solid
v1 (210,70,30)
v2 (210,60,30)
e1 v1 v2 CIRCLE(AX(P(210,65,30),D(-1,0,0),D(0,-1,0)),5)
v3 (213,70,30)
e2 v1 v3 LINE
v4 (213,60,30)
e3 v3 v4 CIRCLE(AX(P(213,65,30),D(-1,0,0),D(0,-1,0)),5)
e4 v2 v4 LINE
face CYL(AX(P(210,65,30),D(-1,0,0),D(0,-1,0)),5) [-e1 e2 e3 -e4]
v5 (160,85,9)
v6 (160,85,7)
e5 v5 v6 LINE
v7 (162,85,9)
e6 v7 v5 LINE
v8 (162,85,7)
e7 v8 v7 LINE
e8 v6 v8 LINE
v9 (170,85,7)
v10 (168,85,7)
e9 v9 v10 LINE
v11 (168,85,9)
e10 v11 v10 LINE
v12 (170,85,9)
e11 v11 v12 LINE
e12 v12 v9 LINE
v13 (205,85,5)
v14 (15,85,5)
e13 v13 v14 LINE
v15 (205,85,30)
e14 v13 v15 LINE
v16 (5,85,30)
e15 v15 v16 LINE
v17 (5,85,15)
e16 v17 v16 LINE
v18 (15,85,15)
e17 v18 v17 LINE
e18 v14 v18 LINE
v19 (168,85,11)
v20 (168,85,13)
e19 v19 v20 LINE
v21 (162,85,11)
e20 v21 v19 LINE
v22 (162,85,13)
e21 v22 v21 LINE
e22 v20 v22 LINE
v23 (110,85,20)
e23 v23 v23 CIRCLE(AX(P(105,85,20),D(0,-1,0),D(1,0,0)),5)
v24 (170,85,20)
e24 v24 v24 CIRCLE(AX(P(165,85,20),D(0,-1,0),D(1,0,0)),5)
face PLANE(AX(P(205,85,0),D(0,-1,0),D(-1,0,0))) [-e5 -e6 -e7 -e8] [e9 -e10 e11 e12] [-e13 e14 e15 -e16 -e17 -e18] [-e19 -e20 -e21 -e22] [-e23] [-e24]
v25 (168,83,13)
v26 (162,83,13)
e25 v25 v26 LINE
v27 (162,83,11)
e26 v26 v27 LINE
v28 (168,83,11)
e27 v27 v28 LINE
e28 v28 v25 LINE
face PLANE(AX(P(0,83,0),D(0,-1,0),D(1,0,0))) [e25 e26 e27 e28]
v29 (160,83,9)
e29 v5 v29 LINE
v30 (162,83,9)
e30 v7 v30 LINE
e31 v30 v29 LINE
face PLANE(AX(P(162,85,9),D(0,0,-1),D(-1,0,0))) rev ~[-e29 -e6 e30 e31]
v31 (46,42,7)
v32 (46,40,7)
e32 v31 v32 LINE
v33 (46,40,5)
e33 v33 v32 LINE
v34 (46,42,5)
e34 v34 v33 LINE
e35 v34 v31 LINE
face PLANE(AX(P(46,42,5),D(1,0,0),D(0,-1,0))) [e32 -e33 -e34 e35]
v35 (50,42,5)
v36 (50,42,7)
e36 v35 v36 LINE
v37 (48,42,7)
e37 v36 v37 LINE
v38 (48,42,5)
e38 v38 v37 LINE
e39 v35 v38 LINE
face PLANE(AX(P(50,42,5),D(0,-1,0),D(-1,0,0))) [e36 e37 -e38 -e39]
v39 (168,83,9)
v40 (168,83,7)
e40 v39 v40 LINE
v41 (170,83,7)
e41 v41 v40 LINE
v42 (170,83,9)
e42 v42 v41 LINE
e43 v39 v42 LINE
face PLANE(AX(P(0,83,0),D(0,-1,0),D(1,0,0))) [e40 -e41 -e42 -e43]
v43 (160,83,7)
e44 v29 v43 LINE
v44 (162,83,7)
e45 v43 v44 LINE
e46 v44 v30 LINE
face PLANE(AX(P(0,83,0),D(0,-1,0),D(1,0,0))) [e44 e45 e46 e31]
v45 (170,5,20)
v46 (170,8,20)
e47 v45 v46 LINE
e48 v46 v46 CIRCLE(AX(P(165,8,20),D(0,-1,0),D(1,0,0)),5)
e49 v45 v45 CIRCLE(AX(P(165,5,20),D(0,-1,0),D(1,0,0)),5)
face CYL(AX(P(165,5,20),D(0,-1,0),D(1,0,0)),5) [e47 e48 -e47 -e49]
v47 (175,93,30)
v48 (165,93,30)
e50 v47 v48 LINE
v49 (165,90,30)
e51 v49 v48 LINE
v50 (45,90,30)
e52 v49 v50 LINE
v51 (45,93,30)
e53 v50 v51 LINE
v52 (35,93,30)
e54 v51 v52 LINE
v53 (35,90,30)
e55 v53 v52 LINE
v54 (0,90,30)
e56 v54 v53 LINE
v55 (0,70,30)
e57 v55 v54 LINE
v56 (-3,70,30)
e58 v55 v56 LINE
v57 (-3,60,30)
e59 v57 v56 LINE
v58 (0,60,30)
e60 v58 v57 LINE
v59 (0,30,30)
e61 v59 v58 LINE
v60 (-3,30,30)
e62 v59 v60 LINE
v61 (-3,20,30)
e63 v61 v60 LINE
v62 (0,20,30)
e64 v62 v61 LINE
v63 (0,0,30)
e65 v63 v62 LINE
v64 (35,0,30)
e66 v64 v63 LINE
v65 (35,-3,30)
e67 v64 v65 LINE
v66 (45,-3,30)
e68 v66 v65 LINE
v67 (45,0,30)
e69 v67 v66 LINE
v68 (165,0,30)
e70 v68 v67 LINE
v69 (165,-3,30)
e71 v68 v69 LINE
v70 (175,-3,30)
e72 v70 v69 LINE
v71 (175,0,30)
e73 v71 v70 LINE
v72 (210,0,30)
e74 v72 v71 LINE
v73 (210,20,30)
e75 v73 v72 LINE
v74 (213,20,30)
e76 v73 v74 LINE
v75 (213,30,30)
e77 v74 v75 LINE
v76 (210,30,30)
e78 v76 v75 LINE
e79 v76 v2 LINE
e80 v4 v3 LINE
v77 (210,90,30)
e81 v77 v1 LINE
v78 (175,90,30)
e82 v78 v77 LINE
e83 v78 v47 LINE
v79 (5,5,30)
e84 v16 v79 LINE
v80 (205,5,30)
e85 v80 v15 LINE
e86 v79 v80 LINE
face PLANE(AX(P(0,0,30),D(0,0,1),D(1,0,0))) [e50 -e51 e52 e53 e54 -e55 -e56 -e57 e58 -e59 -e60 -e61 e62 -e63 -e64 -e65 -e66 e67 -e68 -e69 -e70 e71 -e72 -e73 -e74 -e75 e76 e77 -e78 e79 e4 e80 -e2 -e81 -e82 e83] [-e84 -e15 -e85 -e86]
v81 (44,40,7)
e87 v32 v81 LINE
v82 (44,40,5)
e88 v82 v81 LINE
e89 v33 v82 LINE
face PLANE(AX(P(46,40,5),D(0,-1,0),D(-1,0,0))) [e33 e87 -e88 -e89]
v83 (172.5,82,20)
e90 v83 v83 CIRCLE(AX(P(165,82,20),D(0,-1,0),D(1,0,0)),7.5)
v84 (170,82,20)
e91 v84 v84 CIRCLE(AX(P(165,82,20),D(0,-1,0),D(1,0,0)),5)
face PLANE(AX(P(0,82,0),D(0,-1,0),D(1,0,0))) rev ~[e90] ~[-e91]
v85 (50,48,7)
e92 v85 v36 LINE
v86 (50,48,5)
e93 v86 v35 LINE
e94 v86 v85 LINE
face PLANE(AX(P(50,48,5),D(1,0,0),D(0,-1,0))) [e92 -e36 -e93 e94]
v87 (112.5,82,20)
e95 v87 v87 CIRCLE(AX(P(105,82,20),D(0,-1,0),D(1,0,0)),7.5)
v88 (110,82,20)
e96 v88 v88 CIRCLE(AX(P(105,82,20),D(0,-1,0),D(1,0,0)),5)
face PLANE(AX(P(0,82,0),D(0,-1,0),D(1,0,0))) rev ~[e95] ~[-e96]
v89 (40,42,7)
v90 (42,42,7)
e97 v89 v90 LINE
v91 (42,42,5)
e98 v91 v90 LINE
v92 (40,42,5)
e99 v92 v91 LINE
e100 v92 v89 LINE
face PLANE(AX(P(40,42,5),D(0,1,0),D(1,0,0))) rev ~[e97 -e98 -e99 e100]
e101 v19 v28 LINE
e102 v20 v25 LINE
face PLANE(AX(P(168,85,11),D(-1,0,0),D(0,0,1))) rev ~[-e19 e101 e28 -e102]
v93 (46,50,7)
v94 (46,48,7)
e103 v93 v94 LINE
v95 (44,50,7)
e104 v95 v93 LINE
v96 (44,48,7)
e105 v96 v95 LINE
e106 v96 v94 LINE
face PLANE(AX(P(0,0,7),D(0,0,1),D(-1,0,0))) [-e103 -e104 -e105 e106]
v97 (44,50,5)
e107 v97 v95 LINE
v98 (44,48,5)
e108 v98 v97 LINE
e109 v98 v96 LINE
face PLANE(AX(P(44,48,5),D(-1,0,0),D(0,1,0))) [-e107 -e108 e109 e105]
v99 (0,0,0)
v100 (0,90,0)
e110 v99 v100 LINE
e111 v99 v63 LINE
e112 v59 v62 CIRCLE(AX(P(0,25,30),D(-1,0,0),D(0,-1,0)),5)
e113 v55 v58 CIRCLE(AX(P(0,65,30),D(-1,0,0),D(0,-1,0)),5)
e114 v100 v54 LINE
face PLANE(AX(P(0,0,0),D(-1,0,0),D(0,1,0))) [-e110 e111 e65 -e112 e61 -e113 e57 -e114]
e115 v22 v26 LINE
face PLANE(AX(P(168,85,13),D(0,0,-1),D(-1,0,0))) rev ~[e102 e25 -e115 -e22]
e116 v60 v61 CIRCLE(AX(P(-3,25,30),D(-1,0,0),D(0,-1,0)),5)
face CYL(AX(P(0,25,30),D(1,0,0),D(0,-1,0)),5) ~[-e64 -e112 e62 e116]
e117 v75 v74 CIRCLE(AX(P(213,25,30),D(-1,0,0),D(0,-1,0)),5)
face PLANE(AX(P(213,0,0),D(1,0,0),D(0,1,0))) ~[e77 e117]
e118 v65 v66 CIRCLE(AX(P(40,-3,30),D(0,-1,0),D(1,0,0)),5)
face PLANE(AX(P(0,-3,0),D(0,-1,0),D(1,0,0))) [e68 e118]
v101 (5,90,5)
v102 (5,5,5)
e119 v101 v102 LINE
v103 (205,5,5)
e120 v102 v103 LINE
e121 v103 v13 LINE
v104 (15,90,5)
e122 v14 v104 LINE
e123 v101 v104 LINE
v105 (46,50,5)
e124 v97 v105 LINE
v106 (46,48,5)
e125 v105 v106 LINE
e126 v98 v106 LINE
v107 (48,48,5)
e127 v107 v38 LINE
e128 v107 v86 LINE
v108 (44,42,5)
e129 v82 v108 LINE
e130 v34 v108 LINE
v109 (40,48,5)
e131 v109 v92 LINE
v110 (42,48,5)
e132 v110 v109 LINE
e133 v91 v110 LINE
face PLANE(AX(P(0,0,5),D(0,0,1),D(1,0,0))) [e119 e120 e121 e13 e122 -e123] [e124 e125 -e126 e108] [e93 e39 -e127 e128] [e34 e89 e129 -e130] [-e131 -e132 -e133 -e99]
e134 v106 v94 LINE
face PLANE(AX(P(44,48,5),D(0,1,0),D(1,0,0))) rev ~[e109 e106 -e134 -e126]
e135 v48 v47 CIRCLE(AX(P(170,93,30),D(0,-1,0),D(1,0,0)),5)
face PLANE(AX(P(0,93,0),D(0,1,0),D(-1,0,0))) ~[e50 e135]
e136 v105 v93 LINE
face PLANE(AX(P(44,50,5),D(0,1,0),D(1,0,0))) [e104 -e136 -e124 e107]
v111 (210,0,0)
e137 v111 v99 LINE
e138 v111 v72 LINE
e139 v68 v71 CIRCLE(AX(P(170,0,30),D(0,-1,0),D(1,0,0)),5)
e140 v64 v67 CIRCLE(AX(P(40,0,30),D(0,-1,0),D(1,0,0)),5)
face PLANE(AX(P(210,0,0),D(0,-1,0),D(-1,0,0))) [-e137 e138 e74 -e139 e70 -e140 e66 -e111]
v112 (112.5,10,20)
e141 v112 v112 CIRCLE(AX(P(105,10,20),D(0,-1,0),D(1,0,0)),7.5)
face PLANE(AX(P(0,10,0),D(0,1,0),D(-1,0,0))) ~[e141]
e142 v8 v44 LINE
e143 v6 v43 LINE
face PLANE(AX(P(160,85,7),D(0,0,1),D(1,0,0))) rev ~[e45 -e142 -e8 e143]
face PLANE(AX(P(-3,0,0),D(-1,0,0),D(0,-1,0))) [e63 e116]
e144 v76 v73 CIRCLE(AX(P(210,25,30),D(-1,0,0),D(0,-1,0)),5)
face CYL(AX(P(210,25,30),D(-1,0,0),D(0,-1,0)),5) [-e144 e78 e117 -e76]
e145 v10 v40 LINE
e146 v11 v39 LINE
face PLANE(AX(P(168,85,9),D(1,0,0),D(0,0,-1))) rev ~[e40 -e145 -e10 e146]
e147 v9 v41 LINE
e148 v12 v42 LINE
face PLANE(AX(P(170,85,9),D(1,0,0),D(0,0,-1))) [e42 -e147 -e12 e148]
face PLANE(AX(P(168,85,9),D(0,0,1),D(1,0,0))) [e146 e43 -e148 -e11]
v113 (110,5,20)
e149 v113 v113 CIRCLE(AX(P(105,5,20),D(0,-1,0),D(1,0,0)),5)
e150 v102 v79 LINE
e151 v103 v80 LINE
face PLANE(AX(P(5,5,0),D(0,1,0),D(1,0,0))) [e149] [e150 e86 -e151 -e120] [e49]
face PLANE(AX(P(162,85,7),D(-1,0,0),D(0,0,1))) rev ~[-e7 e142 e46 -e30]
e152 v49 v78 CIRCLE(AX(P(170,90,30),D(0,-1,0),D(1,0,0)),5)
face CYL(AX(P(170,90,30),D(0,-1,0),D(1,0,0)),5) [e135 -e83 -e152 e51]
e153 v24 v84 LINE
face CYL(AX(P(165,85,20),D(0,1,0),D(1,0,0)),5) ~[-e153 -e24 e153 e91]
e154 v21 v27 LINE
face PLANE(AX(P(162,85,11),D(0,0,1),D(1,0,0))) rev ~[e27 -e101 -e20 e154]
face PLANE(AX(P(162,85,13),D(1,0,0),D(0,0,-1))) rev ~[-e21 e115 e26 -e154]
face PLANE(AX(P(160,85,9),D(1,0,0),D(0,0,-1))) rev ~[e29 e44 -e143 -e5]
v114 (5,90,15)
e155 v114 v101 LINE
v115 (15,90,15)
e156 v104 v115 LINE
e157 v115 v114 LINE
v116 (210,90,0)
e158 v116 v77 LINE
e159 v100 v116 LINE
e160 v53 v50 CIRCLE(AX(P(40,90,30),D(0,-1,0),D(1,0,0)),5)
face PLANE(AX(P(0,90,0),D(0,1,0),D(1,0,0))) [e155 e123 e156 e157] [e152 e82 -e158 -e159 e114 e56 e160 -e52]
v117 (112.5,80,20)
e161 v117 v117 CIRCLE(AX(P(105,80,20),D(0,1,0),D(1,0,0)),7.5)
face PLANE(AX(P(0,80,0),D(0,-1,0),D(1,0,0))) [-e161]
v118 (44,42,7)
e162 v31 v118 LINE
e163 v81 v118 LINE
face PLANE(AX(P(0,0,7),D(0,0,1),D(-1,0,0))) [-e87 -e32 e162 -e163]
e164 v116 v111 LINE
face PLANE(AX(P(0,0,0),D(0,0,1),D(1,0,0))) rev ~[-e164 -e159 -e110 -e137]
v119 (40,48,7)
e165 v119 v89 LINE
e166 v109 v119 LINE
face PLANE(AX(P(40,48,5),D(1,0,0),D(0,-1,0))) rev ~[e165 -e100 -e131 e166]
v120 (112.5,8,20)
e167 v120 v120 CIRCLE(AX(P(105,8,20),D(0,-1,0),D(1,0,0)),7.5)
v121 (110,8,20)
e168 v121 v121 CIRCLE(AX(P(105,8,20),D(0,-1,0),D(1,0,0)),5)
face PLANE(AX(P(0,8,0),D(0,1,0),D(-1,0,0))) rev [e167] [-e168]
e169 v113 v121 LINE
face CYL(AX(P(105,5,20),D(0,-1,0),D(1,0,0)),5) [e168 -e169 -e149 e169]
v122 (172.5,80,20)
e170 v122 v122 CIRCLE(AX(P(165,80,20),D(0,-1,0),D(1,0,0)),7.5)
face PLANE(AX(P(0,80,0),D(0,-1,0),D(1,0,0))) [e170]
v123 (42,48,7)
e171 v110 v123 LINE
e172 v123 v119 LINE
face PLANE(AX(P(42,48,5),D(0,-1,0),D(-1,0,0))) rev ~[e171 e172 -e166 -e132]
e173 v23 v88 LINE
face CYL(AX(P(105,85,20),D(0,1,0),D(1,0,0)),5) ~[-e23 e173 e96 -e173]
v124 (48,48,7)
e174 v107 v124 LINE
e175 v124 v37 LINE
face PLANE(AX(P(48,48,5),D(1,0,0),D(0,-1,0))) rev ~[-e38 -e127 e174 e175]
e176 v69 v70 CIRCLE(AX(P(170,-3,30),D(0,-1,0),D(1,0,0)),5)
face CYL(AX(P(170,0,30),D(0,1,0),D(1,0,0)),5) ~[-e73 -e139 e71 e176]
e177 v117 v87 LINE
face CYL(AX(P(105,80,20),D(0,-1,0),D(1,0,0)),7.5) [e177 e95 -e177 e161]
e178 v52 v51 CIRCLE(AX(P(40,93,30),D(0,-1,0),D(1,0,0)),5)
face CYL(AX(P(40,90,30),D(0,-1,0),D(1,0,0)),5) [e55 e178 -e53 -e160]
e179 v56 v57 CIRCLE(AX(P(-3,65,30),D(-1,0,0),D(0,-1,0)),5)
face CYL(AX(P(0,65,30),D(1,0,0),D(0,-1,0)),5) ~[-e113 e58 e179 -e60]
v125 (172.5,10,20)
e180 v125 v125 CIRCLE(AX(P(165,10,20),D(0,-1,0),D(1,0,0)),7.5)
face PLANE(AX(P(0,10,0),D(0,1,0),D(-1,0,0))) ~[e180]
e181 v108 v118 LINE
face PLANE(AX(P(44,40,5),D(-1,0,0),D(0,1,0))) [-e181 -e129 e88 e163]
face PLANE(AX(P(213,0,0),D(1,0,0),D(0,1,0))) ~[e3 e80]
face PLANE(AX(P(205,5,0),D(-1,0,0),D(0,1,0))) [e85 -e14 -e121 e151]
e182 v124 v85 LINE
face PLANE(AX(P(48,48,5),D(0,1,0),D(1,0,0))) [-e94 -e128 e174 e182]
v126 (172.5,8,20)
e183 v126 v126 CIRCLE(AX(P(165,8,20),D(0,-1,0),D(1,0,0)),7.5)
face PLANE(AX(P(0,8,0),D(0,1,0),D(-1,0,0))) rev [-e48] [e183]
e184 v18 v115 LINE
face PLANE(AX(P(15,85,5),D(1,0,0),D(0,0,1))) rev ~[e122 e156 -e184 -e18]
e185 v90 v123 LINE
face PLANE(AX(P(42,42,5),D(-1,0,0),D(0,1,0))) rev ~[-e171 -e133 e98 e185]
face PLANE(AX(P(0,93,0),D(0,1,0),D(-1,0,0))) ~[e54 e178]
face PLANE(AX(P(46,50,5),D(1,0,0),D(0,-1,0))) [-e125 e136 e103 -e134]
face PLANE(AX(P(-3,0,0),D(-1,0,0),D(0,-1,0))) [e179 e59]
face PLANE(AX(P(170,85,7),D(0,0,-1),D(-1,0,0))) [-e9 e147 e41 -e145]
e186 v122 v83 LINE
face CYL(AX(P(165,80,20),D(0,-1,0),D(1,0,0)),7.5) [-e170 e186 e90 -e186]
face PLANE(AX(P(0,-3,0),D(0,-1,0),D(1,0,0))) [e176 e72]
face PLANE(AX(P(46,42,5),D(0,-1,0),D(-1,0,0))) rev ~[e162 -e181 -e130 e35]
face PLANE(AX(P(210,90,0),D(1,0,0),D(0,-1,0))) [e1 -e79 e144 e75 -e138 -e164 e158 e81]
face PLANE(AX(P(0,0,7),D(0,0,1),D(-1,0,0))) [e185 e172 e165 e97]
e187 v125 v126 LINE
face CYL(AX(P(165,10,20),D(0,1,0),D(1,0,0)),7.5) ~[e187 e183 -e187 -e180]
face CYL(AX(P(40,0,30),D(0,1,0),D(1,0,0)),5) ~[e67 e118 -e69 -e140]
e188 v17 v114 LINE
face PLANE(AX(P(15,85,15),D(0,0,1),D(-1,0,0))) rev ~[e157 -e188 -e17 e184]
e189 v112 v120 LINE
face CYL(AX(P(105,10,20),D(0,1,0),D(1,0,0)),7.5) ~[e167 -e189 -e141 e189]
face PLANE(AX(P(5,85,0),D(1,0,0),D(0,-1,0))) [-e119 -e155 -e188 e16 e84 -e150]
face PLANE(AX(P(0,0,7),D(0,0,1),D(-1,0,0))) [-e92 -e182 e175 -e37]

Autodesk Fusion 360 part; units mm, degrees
sketch "Sketch1" plane through (0, 0, 0) normal (0, 0, 1) x (1, 0, 0)
  line L0 (0, 90) -> (210, 90)
  line L1 (210, 90) -> (210, 0)
  line L2 (210, 0) -> (0, 0)
  line L3 (0, 0) -> (0, 90)
  line L4 (5, 5) -> (205, 5)
  line L5 (205, 5) -> (205, 85)
  line L6 (205, 85) -> (5, 85)
  line L7 (5, 85) -> (5, 5)
  dimension "d1" = 210
  dimension "d2" = 90
  dimension "d3" = 200
  dimension "d4" = 80
  dimension "d5" = 5
  dimension "d6" = 5
extrude "Extrude1" add sketch "Sketch1" along normal blind 5 contours L4 L5 L6 L7
extrude "Extrude2" add sketch "Sketch1" along normal blind 30
sketch "Sketch3" plane through (0, 85, 0) normal (0, -1, 0) x (1, 0, 0)
  line L0 (5, 5) -> (205, 5)
  line L1 (205, 5) -> (205, 30)
  line L2 (205, 30) -> (5, 30)
  line L3 (5, 30) -> (5, 5)
  circle A0 centre (105, 20) radius 5
  line L4 (210, 0) -> (210, 30)
  circle A1 centre (165, 20) radius 5
  dimension "d15" = 10
  dimension "d16" = 10
  dimension "d17" = 105
  dimension "d80" = 10
  dimension "d81" = 60
extrude "Extrude3" add sketch "Sketch3" along normal blind 5 contours A0
sketch "Sketch4" plane through (0, 80, 0) normal (0, -1, 0) x (1, 0, 0)
  circle A0 centre (105, 20) radius 5
  circle A1 centre (105, 20) radius 7.5
  dimension "d20" = 15
extrude "Extrude4" add sketch "Sketch4" against normal blind 2
sketch "Sketch6" plane through (0, 85, 0) normal (0, -1, 0) x (1, 0, 0)
  circle A0 centre (105, 20) radius 5
  line L0 (5, 5) -> (205, 5)
  line L1 (205, 5) -> (205, 30)
  line L2 (205, 30) -> (5, 30)
  line L3 (5, 30) -> (5, 5)
  line L4 (162, 11) -> (168, 11)
  line L5 (168, 11) -> (168, 5)
  line L6 (168, 5) -> (162, 5)
  line L7 (162, 5) -> (162, 11)
  line L8 (5, 5) -> (205, 5)
  line L9 (210, 0) -> (210, 30)
  line L10 (162, 11) -> (168, 11)
  line L11 (168, 11) -> (168, 13)
  line L12 (168, 13) -> (162, 13)
  line L13 (162, 13) -> (162, 11)
  line L14 (168, 9) -> (170, 9)
  line L15 (170, 9) -> (170, 7)
  line L16 (170, 7) -> (168, 7)
  line L17 (168, 7) -> (168, 9)
  line L18 (162, 9) -> (160, 9)
  line L19 (160, 9) -> (160, 7)
  line L20 (160, 7) -> (162, 7)
  line L21 (162, 7) -> (162, 9)
  dimension "d91" = 6
  dimension "d92" = 6
  dimension "d93" = 42
  dimension "d94" = 2
  dimension "d95" = 2
  dimension "d96" = 2
  dimension "d97" = 2
  dimension "d98" = 2
  dimension "d99" = 2
  dimension "d100" = 2
sketch "Sketch7" plane through (0, 0, 0) normal (-1, 0, 0) x (0, -1, 0)
  line L0 (-90, 0) -> (0, 0)
  line L1 (0, 0) -> (0, 30)
  line L2 (0, 30) -> (-90, 30)
  line L3 (-90, 30) -> (-90, 0)
  circle A0 centre (-25, 30) radius 5
  line L4 (-30, 30) -> (-20, 30)
  circle A1 centre (-65, 30) radius 5
  line L5 (-70, 30) -> (-60, 30)
  dimension "d31" = 10
  dimension "d32" = 10
  dimension "d47" = 25
  dimension "d48" = 25
extrude "Extrude5" add sketch "Sketch7" along normal blind 3 contours L2 A1 L5 | L2 A0 L4 picked at (-66.5016, 29.2769) picked at (-23.5675, 28.3215)
ref_plane "WorkPlane1" through (0, 45, 0) normal (0, 1, 0) x (0, 0, 1)
mirror "Mirror1" about plane through (0, 45, 0) normal (0, 1, 0) of bodies 1 merged
ref_plane "WorkPlane2" through (105, 45, 15) normal (-1, 0, 0) x (0, -1, 0)
mirror "Mirror2" about plane through (105, 45, 15) normal (-1, 0, 0) of bodies 1 merged
sketch "Sketch8" plane through (0, 0, 0) normal (0, -1, 0) x (1, 0, 0)
  line L0 (0, 0) -> (210, 0)
  line L1 (210, 0) -> (210, 30)
  line L2 (210, 30) -> (0, 30)
  line L3 (0, 30) -> (0, 0)
  circle A0 centre (40, 30) radius 5
  circle A1 centre (170, 30) radius 5
  line L4 (35, 30) -> (45, 30)
  line L5 (165, 30) -> (175, 30)
  dimension "d39" = 10
  dimension "d40" = 10
  dimension "d41" = 40
  dimension "d42" = 40
extrude "Extrude6" add sketch "Sketch8" along normal blind 3 contours L2 A0 L4 | L2 A1 L5 picked at (38.7453, 27.2668) picked at (169.3911, 27.9517)
mirror "Mirror3" about plane through (0, 45, 0) normal (0, 1, 0) of bodies 1 merged
sketch "Sketch9" plane through (105, 85, 17.5) normal (0, -1, 0) x (1, 0, 0)
  line L0 (-100, -12.5) -> (-90, -12.5)
  line L1 (-90, -12.5) -> (-90, -2.5)
  line L2 (-90, -2.5) -> (-100, -2.5)
  line L3 (-100, -2.5) -> (-100, -12.5)
  line L4 (105, -17.5) -> (-105, -17.5)
  point P0 (-105, -17.5)
  dimension "d49" = 10
  dimension "d50" = 10
  dimension "d51" = 5
  dimension "d52" = 5
sketch "Sketch10" plane through (0, 0, 5) normal (0, 0, 1) x (-1, 0, 0)
  line L0 (-5, -85) -> (-5, -5)
  line L1 (-5, -5) -> (-205, -5)
  line L2 (-205, -5) -> (-205, -85)
  line L3 (-205, -85) -> (-5, -85)
  circle A0 centre (-45, -45) radius 20
  circle A1 centre (-105, -45) radius 20
  circle A2 centre (-165, -45) radius 20
  line L4 (-210, -90) -> (-210, 0)
  line L5 (-210, 0) -> (0, 0)
  line L6 (-42, -48) -> (-48, -48)
  line L7 (-48, -48) -> (-48, -42)
  line L8 (-48, -42) -> (-42, -42)
  line L9 (-42, -42) -> (-42, -48)
  line L10 (-48, -48) -> (-50, -48)
  line L11 (-50, -48) -> (-50, -42)
  line L12 (-50, -42) -> (-48, -42)
  line L13 (-48, -42) -> (-48, -48)
  line L14 (-42, -48) -> (-40, -48)
  line L15 (-40, -48) -> (-40, -42)
  line L16 (-40, -42) -> (-42, -42)
  line L17 (-42, -42) -> (-42, -48)
  line L18 (-44, -50) -> (-46, -50)
  line L19 (-46, -50) -> (-46, -48)
  line L20 (-46, -48) -> (-44, -48)
  line L21 (-44, -48) -> (-44, -50)
  line L22 (-44, -42) -> (-46, -42)
  line L23 (-46, -42) -> (-46, -40)
  line L24 (-46, -40) -> (-44, -40)
  line L25 (-44, -40) -> (-44, -42)
  dimension "d55" = 40
  dimension "d56" = 40
  dimension "d57" = 40
  dimension "d58" = 105
  dimension "d59" = 60
  dimension "d60" = 60
  dimension "d61" = 45
  dimension "d62" = 45
  dimension "d63" = 45
  dimension "d64" = 6
  dimension "d65" = 6
  dimension "d66" = 3
  dimension "d67" = 3
  dimension "d68" = 2
  dimension "d69" = 2
  dimension "d70" = 2
  dimension "d71" = 2
  dimension "d72" = 2
  dimension "d73" = 2
  dimension "d74" = 2
  dimension "d75" = 2
  dimension "d76" = 6
extrude "Extrude8" add sketch "Sketch10" along normal blind 2 contours L9 L14 L15 L16 L17 | L6 L18 L19 L20 L21 | L8 L22 L23 L24 L25 | L7 L10 L11 L12 L13
extrude "Extrude9" add sketch "Sketch3" along normal blind 5 contours A1
sketch "Sketch11" plane through (0, 80, 0) normal (0, -1, 0) x (1, 0, 0)
  circle A0 centre (165, 20) radius 5
  circle A1 centre (165, 20) radius 7.5
  dimension "d84" = 15
extrude "Extrude10" add sketch "Sketch11" against normal blind 2
mirror "Mirror4" about plane through (0, 45, 0) normal (0, 1, 0) of bodies 1 merged
extrude "Extrude11" cut sketch "Sketch9" against normal blind 5
extrude "Extrude12" add sketch "Sketch6" along normal blind 2 contours L7 L18 L19 L20 L21 | L5 L14 L15 L16 L17 | L4 L10 L11 L12 L13
